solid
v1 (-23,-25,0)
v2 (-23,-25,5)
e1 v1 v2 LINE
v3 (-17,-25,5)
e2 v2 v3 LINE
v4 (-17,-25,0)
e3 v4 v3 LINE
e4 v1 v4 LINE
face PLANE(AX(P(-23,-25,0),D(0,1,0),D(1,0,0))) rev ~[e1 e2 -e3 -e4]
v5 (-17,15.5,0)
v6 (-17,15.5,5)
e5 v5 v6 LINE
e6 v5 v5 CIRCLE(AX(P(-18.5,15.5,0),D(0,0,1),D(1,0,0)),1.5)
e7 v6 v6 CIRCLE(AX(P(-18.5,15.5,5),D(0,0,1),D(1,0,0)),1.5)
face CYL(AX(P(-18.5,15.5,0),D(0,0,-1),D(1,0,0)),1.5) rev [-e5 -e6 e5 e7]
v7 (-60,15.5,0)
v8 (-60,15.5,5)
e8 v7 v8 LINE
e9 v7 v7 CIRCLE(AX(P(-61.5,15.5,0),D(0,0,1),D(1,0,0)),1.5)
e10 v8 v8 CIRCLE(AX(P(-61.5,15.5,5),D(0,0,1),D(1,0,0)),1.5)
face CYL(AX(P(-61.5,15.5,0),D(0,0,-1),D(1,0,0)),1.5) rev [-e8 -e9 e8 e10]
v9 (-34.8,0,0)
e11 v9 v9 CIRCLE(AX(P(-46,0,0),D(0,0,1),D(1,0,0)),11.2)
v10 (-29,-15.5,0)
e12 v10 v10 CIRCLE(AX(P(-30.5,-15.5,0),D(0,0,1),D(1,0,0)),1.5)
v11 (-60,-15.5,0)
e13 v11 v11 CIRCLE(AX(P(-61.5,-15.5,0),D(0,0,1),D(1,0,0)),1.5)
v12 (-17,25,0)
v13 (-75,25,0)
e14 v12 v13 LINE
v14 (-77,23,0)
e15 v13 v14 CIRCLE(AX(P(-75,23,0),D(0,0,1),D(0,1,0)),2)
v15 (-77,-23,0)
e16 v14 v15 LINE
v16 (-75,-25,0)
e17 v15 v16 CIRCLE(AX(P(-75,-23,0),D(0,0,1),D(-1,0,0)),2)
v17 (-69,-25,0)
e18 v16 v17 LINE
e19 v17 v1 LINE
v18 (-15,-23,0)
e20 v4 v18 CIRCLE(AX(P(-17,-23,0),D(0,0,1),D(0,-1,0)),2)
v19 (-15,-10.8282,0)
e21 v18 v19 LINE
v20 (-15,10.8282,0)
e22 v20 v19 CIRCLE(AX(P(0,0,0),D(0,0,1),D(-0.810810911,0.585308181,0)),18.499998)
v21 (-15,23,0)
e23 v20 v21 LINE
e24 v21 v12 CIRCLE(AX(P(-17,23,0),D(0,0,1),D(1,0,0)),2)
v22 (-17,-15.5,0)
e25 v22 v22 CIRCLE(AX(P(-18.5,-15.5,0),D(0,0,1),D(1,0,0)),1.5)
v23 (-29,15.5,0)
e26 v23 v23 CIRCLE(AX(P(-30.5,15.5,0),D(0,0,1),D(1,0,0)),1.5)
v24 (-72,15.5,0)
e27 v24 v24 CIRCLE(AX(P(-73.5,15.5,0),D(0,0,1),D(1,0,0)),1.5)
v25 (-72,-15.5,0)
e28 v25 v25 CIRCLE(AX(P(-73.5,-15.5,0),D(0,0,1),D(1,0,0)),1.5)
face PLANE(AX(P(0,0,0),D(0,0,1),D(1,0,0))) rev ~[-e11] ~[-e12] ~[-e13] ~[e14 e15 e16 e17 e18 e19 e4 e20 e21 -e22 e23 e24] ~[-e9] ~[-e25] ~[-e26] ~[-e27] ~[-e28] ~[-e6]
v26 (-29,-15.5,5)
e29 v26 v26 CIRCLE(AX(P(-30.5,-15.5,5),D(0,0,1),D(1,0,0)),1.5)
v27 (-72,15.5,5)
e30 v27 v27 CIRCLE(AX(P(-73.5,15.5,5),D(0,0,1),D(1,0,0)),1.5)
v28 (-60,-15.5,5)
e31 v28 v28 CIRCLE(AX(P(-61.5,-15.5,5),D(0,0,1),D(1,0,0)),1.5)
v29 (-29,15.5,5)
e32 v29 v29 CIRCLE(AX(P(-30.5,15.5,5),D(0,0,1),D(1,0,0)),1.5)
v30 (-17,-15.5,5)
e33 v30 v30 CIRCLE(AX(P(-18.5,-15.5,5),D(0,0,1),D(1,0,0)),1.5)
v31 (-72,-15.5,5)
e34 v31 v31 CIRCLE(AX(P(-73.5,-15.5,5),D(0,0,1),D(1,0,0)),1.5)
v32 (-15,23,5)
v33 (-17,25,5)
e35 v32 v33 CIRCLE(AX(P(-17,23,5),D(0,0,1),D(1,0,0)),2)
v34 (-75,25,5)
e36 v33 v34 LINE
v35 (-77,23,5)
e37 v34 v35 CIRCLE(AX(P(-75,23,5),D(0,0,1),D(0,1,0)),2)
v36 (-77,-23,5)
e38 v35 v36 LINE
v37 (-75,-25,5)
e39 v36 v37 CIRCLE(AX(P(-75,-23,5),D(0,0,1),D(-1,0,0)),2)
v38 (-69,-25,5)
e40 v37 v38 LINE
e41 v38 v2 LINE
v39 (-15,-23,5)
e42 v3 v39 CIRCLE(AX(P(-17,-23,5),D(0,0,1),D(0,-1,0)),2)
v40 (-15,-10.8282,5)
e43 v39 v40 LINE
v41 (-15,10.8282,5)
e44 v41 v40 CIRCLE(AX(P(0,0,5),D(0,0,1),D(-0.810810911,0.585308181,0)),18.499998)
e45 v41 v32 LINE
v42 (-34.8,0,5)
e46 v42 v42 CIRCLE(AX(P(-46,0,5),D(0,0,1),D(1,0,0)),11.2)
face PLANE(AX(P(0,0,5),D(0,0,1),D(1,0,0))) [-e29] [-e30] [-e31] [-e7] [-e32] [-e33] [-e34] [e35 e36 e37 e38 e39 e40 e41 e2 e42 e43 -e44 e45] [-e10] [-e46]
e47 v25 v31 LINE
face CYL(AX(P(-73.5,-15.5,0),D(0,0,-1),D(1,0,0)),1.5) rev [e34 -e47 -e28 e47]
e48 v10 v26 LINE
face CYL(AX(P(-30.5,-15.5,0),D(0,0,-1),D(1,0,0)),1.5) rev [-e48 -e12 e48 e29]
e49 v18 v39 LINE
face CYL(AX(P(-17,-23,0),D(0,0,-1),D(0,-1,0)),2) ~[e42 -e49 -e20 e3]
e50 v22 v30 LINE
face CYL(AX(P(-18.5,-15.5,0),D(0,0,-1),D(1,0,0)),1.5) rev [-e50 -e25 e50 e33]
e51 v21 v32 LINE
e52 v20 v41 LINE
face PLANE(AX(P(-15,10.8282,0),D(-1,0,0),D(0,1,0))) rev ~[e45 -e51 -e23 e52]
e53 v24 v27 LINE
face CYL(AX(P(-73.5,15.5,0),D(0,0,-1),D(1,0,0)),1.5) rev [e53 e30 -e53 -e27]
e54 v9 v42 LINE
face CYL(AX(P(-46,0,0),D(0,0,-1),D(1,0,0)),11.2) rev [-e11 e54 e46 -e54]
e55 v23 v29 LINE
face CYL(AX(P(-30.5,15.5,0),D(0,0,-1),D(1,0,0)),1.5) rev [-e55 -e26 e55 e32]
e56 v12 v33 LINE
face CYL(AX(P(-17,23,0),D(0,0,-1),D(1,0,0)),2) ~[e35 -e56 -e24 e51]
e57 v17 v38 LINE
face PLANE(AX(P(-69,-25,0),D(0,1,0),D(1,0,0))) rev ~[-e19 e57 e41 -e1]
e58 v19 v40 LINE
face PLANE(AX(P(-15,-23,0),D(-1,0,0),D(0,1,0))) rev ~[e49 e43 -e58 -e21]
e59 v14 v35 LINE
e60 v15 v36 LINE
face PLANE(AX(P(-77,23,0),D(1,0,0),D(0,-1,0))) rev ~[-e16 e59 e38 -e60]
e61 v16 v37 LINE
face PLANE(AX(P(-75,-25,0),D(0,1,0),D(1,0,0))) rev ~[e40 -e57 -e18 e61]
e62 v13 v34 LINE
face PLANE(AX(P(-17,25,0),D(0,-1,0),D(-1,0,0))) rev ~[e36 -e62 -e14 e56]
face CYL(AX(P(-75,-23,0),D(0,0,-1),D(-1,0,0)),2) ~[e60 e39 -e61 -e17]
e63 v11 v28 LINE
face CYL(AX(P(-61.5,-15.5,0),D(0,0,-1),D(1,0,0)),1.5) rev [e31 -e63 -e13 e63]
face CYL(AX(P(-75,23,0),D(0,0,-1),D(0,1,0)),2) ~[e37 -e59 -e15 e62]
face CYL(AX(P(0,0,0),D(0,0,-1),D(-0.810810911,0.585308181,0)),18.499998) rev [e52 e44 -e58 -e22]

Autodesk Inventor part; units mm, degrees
ref_plane "YZ Plane" through (0, 0, 0) normal (1, 0, 0) x (0, 1, 0)
ref_plane "XZ Plane" through (0, 0, 0) normal (0, 1, 0) x (-1, 0, 0)
ref_plane "XY Plane" through (0, 0, 0) normal (0, 0, 1) x (1, 0, 0)
sketch "Sketch1" plane through (0, 0, 0) normal (0, 0, 1) x (1, 0, 0)
  arc A0 (-15, 10.8282) -> (-15, -10.8282) centre (0, 0) ccw projected
  line L0 (-15, -23) -> (-15, -10.8282) projected
  line L1 (-15, 10.8282) -> (-15, 23) projected
  line L2 (-17, 25) -> (-75, 25) projected
  arc A1 (-15, 23) -> (-17, 25) centre (-17, 23) ccw projected
  arc A2 (-75, 25) -> (-77, 23) centre (-75, 23) ccw projected
  line L3 (-77, 23) -> (-77, -23) projected
  arc A3 (-77, -23) -> (-75, -25) centre (-75, -23) ccw projected
  line L4 (-75, -25) -> (-17, -25) projected
  arc A4 (-17, -25) -> (-15, -23) centre (-17, -23) ccw projected
  circle A5 centre (-18.5, -15.5) radius 1.5 projected
  circle A6 centre (-18.5, 15.5) radius 1.5 projected
  circle A7 centre (-73.5, 15.5) radius 1.5 projected
  circle A8 centre (-73.5, -15.5) radius 1.5 projected
  circle A9 centre (-60.15, -16.85) radius 1.5 construction
  circle A10 centre (-29.15, -16.85) radius 1.5 construction
  circle A11 centre (-29.15, 14.15) radius 1.5 construction
  circle A12 centre (-60.15, 14.15) radius 1.5 construction
  circle A13 centre (-29.15, 14.15) radius 1.5 construction
  circle A14 centre (-44.65, -1.35) radius 11.2 construction
  circle A15 centre (-44.65, -1.35) radius 11.2 construction
  circle A16 centre (-18.5, -15.5) radius 1.5
  circle A17 centre (-18.5, 15.5) radius 1.5
  circle A18 centre (-73.5, 15.5) radius 1.5
  circle A19 centre (-73.5, -15.5) radius 1.5
  line L5 (-17, -25) -> (-75, -25)
  line L6 (-77, -23) -> (-77, 23)
  line L7 (-75, 25) -> (-17, 25)
  arc A20 (-15, 23) -> (-17, 25) centre (-17, 23) ccw
  arc A21 (-17, -25) -> (-15, -23) centre (-17, -23) ccw
  arc A22 (-77, -23) -> (-75, -25) centre (-75, -23) ccw
  arc A23 (-75, 25) -> (-77, 23) centre (-75, 23) ccw
  line L8 (-15, 23) -> (-15, 10.8282)
  line L9 (-15, -10.8282) -> (-15, -23)
  arc A24 (-15, 10.8282) -> (-15, -10.8282) centre (0, 0) ccw
  line L10 (-23, -25) -> (-69, -25) projected
  line L11 (-23, -25) -> (-69, -25) projected
  line L12 (-46, -23) -> (-46, 0) construction
  circle A25 centre (-46, 0) radius 11.2
  line L13 (-46, 0) -> (-46, 15.5) construction
  line L14 (-46, 15.5) -> (-30.5, 15.5) construction
  line L15 (-46, 15.5) -> (-61.5, 15.5) construction
  circle A26 centre (-30.5, 15.5) radius 1.5
  circle A27 centre (-61.5, 15.5) radius 1.5
  line L16 (-46, 0) -> (-46, -15.5) construction
  line L17 (-46, -15.5) -> (-61.5, -15.5) construction
  line L18 (-46, -15.5) -> (-30.5, -15.5) construction
  circle A28 centre (-30.5, -15.5) radius 1.5
  circle A29 centre (-61.5, -15.5) radius 1.5
  point P0 (0, 0)
  dimension "d0" = 2
  dimension "d1" = 22.4
  dimension "d2" = 15.5
  dimension "d3" = 15.5
  dimension "d4" = 15.5
  dimension "d5" = 3
  dimension "d6" = 3
  dimension "d7" = 15.5
  dimension "d8" = 15.5
  dimension "d9" = 15.5
  dimension "d10" = 3
  dimension "d11" = 3
extrude "Extrusion1" add sketch "Sketch1" along normal blind 5
properties part number "motor_cover_final"
